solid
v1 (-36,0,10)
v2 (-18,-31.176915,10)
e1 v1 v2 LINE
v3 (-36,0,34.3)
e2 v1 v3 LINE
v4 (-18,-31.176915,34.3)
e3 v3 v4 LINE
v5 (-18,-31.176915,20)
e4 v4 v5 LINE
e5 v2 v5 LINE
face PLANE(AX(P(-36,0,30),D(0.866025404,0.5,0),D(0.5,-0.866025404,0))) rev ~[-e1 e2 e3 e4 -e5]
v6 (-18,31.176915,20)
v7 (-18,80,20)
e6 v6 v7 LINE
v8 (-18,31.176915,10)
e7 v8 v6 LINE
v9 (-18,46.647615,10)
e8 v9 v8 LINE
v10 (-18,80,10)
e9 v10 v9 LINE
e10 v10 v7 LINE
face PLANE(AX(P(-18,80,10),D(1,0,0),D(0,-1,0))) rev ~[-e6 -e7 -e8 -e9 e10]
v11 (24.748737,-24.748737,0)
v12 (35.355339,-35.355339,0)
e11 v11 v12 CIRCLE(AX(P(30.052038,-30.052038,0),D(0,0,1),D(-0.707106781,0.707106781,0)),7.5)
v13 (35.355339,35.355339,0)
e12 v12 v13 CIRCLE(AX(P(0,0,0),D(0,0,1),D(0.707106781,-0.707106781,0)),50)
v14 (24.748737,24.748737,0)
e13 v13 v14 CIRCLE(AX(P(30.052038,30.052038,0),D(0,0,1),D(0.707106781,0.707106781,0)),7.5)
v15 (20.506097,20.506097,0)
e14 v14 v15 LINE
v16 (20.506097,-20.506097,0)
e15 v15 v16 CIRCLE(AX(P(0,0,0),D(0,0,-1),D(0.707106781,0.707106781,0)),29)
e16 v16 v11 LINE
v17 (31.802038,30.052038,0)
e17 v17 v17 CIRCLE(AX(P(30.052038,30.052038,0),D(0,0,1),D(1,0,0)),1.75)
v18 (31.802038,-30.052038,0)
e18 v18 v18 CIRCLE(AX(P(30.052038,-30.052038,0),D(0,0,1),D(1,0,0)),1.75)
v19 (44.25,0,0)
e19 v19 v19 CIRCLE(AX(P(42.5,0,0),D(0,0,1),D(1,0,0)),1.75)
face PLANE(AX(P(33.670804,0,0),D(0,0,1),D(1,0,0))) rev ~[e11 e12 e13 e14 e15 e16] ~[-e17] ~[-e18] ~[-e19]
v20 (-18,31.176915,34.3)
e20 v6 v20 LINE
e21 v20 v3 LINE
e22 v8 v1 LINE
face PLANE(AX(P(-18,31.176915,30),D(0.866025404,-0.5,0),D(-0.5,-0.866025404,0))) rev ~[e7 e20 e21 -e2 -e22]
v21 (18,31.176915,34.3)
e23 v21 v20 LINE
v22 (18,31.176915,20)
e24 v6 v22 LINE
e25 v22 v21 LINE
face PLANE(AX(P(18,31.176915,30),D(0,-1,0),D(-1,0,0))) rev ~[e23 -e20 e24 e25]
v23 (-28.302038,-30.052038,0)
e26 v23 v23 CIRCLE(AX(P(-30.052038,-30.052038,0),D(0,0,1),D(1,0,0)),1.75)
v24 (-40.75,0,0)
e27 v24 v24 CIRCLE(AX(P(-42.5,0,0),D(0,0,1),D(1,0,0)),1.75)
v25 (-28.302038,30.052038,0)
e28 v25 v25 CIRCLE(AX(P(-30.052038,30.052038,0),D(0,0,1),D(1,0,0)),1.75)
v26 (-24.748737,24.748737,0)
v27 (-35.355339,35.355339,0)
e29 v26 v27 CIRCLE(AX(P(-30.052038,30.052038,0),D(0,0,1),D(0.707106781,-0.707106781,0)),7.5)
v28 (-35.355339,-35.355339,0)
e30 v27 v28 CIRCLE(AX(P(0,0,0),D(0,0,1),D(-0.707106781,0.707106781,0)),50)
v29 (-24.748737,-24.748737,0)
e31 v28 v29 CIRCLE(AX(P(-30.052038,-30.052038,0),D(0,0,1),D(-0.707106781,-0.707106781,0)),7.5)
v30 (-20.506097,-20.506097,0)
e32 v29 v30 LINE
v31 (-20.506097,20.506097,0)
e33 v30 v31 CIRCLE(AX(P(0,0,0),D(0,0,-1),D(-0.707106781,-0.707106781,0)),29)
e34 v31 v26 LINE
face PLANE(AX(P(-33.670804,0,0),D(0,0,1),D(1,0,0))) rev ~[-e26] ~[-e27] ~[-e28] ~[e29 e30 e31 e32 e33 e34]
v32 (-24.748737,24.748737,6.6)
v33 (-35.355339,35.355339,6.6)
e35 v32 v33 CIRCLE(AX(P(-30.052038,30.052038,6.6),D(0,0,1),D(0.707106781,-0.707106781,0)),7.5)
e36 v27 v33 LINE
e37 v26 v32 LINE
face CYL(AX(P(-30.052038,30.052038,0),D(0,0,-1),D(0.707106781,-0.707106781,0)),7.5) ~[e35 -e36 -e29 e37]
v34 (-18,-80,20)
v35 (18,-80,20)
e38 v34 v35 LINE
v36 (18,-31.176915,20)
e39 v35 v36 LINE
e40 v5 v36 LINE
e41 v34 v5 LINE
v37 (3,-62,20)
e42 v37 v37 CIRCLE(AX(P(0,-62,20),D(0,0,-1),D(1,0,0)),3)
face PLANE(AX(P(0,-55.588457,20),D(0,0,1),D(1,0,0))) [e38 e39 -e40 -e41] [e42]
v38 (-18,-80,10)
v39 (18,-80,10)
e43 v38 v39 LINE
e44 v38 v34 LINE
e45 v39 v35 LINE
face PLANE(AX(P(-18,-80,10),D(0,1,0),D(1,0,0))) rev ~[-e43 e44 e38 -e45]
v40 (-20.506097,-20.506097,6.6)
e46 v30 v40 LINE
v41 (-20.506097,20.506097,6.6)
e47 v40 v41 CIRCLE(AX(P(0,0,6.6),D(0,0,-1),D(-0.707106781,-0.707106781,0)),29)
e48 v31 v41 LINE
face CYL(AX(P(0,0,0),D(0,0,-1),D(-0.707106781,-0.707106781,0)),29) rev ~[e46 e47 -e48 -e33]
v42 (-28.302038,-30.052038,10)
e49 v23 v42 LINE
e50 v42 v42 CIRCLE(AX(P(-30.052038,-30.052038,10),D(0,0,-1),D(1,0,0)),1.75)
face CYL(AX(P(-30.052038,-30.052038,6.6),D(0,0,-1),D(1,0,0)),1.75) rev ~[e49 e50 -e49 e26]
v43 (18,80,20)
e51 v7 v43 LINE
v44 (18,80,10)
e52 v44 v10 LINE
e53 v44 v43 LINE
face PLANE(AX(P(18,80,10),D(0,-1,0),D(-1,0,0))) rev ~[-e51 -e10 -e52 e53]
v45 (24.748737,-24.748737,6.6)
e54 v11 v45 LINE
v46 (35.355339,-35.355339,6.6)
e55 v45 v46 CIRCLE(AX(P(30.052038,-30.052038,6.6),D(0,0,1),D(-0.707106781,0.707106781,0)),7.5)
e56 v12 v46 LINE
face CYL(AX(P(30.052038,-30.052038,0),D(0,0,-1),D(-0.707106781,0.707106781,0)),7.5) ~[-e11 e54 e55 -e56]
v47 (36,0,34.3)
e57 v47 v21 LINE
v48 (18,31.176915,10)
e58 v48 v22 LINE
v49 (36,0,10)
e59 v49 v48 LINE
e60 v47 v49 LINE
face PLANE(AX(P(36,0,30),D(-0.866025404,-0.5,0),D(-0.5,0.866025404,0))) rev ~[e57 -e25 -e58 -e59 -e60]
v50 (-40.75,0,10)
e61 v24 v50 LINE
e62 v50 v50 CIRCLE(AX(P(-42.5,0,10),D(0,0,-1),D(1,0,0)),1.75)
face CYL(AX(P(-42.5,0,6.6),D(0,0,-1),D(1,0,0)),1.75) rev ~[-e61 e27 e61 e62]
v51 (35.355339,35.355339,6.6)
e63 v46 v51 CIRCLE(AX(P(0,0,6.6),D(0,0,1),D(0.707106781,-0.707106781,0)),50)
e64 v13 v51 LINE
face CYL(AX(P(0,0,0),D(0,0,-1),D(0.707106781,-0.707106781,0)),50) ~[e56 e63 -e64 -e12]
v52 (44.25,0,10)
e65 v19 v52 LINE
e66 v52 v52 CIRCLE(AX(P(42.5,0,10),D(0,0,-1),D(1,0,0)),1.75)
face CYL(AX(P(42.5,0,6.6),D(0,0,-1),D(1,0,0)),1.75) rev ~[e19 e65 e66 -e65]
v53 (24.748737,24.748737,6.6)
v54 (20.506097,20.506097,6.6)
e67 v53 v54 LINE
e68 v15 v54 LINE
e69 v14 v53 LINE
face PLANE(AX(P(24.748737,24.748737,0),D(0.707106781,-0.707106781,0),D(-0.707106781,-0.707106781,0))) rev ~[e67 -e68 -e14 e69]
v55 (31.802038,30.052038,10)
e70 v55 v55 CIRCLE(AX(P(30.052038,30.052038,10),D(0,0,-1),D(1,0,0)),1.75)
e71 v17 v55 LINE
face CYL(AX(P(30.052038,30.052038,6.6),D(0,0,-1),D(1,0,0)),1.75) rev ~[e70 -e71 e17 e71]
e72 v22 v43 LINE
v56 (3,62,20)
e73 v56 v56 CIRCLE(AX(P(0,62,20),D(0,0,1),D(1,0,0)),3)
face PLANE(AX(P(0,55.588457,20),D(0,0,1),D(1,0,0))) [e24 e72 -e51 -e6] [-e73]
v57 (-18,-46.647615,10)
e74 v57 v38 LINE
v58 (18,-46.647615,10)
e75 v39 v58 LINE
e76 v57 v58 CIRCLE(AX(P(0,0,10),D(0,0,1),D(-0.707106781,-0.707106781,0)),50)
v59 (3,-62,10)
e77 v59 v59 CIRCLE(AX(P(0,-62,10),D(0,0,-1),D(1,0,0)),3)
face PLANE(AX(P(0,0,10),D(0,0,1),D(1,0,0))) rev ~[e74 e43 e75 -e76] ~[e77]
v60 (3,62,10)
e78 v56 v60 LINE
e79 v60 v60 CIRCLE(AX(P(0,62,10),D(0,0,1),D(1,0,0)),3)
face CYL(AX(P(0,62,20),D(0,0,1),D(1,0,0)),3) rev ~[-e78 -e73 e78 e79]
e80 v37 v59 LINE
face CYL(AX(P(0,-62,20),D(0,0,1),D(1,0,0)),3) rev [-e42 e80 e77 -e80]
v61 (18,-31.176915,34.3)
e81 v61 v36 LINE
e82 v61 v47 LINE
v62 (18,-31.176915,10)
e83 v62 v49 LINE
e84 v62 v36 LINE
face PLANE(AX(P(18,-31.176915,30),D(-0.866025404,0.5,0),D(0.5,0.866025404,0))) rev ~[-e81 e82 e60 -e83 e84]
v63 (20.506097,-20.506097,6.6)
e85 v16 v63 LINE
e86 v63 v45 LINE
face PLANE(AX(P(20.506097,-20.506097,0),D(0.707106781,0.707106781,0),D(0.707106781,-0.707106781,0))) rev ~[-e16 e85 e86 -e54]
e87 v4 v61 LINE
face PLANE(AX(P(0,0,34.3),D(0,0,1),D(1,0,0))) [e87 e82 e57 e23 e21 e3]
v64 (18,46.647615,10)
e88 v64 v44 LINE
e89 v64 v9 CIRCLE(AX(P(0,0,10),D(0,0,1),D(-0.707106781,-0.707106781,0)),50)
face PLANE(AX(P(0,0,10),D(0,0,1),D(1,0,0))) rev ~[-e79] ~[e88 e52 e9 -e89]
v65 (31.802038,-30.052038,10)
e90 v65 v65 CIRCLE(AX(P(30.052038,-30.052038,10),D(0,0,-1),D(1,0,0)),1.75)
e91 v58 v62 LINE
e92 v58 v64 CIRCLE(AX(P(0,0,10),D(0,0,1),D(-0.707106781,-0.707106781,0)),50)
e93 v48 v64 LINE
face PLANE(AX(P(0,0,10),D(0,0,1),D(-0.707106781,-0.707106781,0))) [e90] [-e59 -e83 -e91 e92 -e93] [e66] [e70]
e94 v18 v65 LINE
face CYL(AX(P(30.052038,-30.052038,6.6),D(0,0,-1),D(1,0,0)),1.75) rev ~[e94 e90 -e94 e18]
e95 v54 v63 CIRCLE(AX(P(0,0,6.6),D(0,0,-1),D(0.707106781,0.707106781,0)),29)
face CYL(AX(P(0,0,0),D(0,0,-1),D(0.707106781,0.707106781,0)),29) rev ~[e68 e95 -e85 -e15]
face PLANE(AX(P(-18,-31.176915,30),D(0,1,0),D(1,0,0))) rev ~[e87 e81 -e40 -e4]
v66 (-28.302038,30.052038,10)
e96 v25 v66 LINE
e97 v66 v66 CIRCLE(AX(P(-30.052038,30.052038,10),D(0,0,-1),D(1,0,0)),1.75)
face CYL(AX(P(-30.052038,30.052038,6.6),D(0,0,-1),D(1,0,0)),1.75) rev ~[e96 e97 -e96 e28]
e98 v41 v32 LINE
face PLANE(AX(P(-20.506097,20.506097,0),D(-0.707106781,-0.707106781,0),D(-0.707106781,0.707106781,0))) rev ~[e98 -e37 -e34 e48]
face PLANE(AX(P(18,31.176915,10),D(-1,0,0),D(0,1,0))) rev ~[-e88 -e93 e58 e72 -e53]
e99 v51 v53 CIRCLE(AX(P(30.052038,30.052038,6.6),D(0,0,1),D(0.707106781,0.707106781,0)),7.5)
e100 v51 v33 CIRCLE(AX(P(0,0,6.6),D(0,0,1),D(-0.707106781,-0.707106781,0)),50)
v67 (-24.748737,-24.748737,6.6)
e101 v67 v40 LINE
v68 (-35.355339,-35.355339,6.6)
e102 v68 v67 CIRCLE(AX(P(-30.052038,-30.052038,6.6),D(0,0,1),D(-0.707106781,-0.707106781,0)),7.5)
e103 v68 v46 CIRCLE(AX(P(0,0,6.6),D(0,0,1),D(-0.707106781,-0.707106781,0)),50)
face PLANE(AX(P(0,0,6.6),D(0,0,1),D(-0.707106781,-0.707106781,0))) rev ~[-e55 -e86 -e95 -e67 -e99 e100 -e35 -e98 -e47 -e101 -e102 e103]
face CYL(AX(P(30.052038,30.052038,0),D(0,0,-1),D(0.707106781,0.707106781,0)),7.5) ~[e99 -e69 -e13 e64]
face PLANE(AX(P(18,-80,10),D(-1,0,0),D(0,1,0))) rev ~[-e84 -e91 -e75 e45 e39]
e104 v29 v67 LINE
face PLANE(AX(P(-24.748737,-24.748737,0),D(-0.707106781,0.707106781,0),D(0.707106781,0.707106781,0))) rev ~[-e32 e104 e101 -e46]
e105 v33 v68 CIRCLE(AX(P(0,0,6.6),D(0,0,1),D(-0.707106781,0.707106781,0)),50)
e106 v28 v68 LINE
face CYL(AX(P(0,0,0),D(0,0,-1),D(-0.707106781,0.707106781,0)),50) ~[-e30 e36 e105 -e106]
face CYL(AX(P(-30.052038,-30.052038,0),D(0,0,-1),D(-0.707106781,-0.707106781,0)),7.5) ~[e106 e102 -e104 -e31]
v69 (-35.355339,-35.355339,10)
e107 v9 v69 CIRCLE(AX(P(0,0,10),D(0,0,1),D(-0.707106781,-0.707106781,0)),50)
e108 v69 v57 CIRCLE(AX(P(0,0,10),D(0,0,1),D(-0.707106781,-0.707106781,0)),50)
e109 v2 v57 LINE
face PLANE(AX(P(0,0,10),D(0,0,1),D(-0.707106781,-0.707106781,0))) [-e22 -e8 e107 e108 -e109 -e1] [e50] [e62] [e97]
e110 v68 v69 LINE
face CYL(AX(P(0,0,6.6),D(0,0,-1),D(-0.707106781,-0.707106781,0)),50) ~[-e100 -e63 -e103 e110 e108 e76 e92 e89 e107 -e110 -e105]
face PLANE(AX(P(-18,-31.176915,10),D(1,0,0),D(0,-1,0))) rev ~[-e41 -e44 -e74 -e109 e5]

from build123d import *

# Parameters (mm, degrees)
SKETCH_1_R          = 1.75
EXTRUDE_1_DEPTH     = 6.6
EXTRUDE_1_2_DEPTH   = 6.6
SKETCH_2_R          = 50
EXTRUDE_2_DEPTH     = 3.4
SKETCH_4_R          = 1.75
CUT_EXTRUDE_2_DEPTH = 10
EXTRUDE_7_DEPTH     = 20
SKETCH_10_W         = 36
SKETCH_10_H         = 48.823085464
CUT_EXTRUDE_3_DEPTH = 10
SKETCH_11_R         = 3
CUT_EXTRUDE_6_DEPTH = 10
EXTRUDE_8_DEPTH     = 4.3


with BuildPart() as part:
    # 草图1 → 凸台-拉伸1 (new body)
    with BuildSketch(Plane.XY):
        with BuildLine():
            ThreePointArc((20.506096654, 20.506096654), (29, 0), (20.506096654, -20.506096654))
            Line((20.506096654, -20.506096654), (24.748737342, -24.748737342))
            ThreePointArc((24.748737342, -24.748737342), (24.748737342, -35.355339059), (35.355339059, -35.355339059))
            ThreePointArc((35.355339059, -35.355339059), (50, 0), (35.355339059, 35.355339059))
            ThreePointArc((35.355339059, 35.355339059), (24.748737342, 35.355339059), (24.748737342, 24.748737342))
            Line((24.748737342, 24.748737342), (20.506096654, 20.506096654))
        make_face()
        with Locations((30.0520382, 30.0520382)):
            Circle(SKETCH_1_R, mode=Mode.SUBTRACT)
        with Locations((30.0520382, -30.0520382)):
            Circle(SKETCH_1_R, mode=Mode.SUBTRACT)
        with Locations((42.5, 0)):
            Circle(SKETCH_1_R, mode=Mode.SUBTRACT)
    extrude(amount=EXTRUDE_1_DEPTH)



with BuildPart() as body_2:
    # 草图1 → Extrude 1 2 (new body)
    with BuildSketch(Plane.XY):
        with BuildLine():
            ThreePointArc((-35.355339059, 35.355339059), (-50, 0), (-35.355339059, -35.355339059))
            ThreePointArc((-35.355339059, -35.355339059), (-24.748737342, -35.355339059), (-24.748737342, -24.748737342))
            Line((-24.748737342, -24.748737342), (-20.506096654, -20.506096654))
            ThreePointArc((-20.506096654, -20.506096654), (-29, 0), (-20.506096654, 20.506096654))
            Line((-20.506096654, 20.506096654), (-24.748737342, 24.748737342))
            ThreePointArc((-24.748737342, 24.748737342), (-24.748737342, 35.355339059), (-35.355339059, 35.355339059))
        make_face()
        with Locations((-30.0520382, 30.0520382)):
            Circle(SKETCH_1_R, mode=Mode.SUBTRACT)
        with Locations((-30.0520382, -30.0520382)):
            Circle(SKETCH_1_R, mode=Mode.SUBTRACT)
        with Locations((-42.5, 0)):
            Circle(SKETCH_1_R, mode=Mode.SUBTRACT)
    extrude(amount=EXTRUDE_1_2_DEPTH)


with BuildPart() as part_1:
    add(part.part)

    add(body_2.part)  # 凸台-拉伸2 merges body 2
    # 草图2 → 凸台-拉伸2 (add)
    with BuildSketch(Plane.XY.offset(6.6)):
        with Locations(Location((0, 0, 0), (0, 0, 225))):
            Circle(SKETCH_2_R)
    extrude(amount=EXTRUDE_2_DEPTH)

    # 草图4 → 切除-拉伸2 (cut, symmetric)
    with BuildSketch(Plane(origin=(0, 0, 6.6), x_dir=(-1, 0, 0), z_dir=(0, 0, -1))):
        with Locations(Location((-42.5, 0, 0), (0, 0, 180))):
            Circle(SKETCH_4_R)
        with Locations(Location((-30.0520382, 30.0520382, 0), (0, 0, 180))):
            Circle(SKETCH_4_R)
        with Locations(Location((-30.0520382, -30.0520382, 0), (0, 0, 180))):
            Circle(SKETCH_4_R)
        with Locations(Location((30.0520382, -30.0520382, 0), (0, 0, 180))):
            Circle(SKETCH_4_R)
        with Locations(Location((42.5, 0, 0), (0, 0, 180))):
            Circle(SKETCH_4_R)
        with Locations(Location((30.0520382, 30.0520382, 0), (0, 0, 180))):
            Circle(SKETCH_4_R)
    extrude(amount=CUT_EXTRUDE_2_DEPTH, both=True, mode=Mode.SUBTRACT)

    # 草图5 → 凸台-拉伸7 (add)
    with BuildSketch(Plane.XY.offset(10)):
        Polygon((-18, -31.176914536), (-18, -80), (18, -80), (18, -31.176914536), (36, 0), (18, 31.176914536), (18, 80), (-18, 80), (-18, 31.176914536), (-36, 0), align=None)
    extrude(amount=EXTRUDE_7_DEPTH)

    # 草图10 → 切除-拉伸3 (cut)
    with BuildSketch(Plane.XY.offset(30)):
        with Locations((0, -55.588457268)):
            Rectangle(SKETCH_10_W, SKETCH_10_H)
        with Locations((0, 55.588457268)):
            Rectangle(SKETCH_10_W, SKETCH_10_H)
    extrude(amount=-CUT_EXTRUDE_3_DEPTH, mode=Mode.SUBTRACT)

    # 草图11 → 切除-拉伸6 (cut)
    with BuildSketch(Plane.XY.offset(20)):
        with Locations((0, 62)):
            Circle(SKETCH_11_R)
    cut_extrude_6 = extrude(amount=-CUT_EXTRUDE_6_DEPTH, mode=Mode.SUBTRACT)

    # 镜向2: 切除-拉伸6 across plane
    add(cut_extrude_6.mirror(Plane.ZX), mode=Mode.SUBTRACT)

    # 草图12 → 凸台-拉伸8 (add)
    with BuildSketch(Plane.XY.offset(30)):
        Polygon((36, 0), (18, 31.176914536), (-18, 31.176914536), (-36, 0), (-18, -31.176914536), (18, -31.176914536), align=None)
    extrude(amount=EXTRUDE_8_DEPTH)


solid = part_1.part
